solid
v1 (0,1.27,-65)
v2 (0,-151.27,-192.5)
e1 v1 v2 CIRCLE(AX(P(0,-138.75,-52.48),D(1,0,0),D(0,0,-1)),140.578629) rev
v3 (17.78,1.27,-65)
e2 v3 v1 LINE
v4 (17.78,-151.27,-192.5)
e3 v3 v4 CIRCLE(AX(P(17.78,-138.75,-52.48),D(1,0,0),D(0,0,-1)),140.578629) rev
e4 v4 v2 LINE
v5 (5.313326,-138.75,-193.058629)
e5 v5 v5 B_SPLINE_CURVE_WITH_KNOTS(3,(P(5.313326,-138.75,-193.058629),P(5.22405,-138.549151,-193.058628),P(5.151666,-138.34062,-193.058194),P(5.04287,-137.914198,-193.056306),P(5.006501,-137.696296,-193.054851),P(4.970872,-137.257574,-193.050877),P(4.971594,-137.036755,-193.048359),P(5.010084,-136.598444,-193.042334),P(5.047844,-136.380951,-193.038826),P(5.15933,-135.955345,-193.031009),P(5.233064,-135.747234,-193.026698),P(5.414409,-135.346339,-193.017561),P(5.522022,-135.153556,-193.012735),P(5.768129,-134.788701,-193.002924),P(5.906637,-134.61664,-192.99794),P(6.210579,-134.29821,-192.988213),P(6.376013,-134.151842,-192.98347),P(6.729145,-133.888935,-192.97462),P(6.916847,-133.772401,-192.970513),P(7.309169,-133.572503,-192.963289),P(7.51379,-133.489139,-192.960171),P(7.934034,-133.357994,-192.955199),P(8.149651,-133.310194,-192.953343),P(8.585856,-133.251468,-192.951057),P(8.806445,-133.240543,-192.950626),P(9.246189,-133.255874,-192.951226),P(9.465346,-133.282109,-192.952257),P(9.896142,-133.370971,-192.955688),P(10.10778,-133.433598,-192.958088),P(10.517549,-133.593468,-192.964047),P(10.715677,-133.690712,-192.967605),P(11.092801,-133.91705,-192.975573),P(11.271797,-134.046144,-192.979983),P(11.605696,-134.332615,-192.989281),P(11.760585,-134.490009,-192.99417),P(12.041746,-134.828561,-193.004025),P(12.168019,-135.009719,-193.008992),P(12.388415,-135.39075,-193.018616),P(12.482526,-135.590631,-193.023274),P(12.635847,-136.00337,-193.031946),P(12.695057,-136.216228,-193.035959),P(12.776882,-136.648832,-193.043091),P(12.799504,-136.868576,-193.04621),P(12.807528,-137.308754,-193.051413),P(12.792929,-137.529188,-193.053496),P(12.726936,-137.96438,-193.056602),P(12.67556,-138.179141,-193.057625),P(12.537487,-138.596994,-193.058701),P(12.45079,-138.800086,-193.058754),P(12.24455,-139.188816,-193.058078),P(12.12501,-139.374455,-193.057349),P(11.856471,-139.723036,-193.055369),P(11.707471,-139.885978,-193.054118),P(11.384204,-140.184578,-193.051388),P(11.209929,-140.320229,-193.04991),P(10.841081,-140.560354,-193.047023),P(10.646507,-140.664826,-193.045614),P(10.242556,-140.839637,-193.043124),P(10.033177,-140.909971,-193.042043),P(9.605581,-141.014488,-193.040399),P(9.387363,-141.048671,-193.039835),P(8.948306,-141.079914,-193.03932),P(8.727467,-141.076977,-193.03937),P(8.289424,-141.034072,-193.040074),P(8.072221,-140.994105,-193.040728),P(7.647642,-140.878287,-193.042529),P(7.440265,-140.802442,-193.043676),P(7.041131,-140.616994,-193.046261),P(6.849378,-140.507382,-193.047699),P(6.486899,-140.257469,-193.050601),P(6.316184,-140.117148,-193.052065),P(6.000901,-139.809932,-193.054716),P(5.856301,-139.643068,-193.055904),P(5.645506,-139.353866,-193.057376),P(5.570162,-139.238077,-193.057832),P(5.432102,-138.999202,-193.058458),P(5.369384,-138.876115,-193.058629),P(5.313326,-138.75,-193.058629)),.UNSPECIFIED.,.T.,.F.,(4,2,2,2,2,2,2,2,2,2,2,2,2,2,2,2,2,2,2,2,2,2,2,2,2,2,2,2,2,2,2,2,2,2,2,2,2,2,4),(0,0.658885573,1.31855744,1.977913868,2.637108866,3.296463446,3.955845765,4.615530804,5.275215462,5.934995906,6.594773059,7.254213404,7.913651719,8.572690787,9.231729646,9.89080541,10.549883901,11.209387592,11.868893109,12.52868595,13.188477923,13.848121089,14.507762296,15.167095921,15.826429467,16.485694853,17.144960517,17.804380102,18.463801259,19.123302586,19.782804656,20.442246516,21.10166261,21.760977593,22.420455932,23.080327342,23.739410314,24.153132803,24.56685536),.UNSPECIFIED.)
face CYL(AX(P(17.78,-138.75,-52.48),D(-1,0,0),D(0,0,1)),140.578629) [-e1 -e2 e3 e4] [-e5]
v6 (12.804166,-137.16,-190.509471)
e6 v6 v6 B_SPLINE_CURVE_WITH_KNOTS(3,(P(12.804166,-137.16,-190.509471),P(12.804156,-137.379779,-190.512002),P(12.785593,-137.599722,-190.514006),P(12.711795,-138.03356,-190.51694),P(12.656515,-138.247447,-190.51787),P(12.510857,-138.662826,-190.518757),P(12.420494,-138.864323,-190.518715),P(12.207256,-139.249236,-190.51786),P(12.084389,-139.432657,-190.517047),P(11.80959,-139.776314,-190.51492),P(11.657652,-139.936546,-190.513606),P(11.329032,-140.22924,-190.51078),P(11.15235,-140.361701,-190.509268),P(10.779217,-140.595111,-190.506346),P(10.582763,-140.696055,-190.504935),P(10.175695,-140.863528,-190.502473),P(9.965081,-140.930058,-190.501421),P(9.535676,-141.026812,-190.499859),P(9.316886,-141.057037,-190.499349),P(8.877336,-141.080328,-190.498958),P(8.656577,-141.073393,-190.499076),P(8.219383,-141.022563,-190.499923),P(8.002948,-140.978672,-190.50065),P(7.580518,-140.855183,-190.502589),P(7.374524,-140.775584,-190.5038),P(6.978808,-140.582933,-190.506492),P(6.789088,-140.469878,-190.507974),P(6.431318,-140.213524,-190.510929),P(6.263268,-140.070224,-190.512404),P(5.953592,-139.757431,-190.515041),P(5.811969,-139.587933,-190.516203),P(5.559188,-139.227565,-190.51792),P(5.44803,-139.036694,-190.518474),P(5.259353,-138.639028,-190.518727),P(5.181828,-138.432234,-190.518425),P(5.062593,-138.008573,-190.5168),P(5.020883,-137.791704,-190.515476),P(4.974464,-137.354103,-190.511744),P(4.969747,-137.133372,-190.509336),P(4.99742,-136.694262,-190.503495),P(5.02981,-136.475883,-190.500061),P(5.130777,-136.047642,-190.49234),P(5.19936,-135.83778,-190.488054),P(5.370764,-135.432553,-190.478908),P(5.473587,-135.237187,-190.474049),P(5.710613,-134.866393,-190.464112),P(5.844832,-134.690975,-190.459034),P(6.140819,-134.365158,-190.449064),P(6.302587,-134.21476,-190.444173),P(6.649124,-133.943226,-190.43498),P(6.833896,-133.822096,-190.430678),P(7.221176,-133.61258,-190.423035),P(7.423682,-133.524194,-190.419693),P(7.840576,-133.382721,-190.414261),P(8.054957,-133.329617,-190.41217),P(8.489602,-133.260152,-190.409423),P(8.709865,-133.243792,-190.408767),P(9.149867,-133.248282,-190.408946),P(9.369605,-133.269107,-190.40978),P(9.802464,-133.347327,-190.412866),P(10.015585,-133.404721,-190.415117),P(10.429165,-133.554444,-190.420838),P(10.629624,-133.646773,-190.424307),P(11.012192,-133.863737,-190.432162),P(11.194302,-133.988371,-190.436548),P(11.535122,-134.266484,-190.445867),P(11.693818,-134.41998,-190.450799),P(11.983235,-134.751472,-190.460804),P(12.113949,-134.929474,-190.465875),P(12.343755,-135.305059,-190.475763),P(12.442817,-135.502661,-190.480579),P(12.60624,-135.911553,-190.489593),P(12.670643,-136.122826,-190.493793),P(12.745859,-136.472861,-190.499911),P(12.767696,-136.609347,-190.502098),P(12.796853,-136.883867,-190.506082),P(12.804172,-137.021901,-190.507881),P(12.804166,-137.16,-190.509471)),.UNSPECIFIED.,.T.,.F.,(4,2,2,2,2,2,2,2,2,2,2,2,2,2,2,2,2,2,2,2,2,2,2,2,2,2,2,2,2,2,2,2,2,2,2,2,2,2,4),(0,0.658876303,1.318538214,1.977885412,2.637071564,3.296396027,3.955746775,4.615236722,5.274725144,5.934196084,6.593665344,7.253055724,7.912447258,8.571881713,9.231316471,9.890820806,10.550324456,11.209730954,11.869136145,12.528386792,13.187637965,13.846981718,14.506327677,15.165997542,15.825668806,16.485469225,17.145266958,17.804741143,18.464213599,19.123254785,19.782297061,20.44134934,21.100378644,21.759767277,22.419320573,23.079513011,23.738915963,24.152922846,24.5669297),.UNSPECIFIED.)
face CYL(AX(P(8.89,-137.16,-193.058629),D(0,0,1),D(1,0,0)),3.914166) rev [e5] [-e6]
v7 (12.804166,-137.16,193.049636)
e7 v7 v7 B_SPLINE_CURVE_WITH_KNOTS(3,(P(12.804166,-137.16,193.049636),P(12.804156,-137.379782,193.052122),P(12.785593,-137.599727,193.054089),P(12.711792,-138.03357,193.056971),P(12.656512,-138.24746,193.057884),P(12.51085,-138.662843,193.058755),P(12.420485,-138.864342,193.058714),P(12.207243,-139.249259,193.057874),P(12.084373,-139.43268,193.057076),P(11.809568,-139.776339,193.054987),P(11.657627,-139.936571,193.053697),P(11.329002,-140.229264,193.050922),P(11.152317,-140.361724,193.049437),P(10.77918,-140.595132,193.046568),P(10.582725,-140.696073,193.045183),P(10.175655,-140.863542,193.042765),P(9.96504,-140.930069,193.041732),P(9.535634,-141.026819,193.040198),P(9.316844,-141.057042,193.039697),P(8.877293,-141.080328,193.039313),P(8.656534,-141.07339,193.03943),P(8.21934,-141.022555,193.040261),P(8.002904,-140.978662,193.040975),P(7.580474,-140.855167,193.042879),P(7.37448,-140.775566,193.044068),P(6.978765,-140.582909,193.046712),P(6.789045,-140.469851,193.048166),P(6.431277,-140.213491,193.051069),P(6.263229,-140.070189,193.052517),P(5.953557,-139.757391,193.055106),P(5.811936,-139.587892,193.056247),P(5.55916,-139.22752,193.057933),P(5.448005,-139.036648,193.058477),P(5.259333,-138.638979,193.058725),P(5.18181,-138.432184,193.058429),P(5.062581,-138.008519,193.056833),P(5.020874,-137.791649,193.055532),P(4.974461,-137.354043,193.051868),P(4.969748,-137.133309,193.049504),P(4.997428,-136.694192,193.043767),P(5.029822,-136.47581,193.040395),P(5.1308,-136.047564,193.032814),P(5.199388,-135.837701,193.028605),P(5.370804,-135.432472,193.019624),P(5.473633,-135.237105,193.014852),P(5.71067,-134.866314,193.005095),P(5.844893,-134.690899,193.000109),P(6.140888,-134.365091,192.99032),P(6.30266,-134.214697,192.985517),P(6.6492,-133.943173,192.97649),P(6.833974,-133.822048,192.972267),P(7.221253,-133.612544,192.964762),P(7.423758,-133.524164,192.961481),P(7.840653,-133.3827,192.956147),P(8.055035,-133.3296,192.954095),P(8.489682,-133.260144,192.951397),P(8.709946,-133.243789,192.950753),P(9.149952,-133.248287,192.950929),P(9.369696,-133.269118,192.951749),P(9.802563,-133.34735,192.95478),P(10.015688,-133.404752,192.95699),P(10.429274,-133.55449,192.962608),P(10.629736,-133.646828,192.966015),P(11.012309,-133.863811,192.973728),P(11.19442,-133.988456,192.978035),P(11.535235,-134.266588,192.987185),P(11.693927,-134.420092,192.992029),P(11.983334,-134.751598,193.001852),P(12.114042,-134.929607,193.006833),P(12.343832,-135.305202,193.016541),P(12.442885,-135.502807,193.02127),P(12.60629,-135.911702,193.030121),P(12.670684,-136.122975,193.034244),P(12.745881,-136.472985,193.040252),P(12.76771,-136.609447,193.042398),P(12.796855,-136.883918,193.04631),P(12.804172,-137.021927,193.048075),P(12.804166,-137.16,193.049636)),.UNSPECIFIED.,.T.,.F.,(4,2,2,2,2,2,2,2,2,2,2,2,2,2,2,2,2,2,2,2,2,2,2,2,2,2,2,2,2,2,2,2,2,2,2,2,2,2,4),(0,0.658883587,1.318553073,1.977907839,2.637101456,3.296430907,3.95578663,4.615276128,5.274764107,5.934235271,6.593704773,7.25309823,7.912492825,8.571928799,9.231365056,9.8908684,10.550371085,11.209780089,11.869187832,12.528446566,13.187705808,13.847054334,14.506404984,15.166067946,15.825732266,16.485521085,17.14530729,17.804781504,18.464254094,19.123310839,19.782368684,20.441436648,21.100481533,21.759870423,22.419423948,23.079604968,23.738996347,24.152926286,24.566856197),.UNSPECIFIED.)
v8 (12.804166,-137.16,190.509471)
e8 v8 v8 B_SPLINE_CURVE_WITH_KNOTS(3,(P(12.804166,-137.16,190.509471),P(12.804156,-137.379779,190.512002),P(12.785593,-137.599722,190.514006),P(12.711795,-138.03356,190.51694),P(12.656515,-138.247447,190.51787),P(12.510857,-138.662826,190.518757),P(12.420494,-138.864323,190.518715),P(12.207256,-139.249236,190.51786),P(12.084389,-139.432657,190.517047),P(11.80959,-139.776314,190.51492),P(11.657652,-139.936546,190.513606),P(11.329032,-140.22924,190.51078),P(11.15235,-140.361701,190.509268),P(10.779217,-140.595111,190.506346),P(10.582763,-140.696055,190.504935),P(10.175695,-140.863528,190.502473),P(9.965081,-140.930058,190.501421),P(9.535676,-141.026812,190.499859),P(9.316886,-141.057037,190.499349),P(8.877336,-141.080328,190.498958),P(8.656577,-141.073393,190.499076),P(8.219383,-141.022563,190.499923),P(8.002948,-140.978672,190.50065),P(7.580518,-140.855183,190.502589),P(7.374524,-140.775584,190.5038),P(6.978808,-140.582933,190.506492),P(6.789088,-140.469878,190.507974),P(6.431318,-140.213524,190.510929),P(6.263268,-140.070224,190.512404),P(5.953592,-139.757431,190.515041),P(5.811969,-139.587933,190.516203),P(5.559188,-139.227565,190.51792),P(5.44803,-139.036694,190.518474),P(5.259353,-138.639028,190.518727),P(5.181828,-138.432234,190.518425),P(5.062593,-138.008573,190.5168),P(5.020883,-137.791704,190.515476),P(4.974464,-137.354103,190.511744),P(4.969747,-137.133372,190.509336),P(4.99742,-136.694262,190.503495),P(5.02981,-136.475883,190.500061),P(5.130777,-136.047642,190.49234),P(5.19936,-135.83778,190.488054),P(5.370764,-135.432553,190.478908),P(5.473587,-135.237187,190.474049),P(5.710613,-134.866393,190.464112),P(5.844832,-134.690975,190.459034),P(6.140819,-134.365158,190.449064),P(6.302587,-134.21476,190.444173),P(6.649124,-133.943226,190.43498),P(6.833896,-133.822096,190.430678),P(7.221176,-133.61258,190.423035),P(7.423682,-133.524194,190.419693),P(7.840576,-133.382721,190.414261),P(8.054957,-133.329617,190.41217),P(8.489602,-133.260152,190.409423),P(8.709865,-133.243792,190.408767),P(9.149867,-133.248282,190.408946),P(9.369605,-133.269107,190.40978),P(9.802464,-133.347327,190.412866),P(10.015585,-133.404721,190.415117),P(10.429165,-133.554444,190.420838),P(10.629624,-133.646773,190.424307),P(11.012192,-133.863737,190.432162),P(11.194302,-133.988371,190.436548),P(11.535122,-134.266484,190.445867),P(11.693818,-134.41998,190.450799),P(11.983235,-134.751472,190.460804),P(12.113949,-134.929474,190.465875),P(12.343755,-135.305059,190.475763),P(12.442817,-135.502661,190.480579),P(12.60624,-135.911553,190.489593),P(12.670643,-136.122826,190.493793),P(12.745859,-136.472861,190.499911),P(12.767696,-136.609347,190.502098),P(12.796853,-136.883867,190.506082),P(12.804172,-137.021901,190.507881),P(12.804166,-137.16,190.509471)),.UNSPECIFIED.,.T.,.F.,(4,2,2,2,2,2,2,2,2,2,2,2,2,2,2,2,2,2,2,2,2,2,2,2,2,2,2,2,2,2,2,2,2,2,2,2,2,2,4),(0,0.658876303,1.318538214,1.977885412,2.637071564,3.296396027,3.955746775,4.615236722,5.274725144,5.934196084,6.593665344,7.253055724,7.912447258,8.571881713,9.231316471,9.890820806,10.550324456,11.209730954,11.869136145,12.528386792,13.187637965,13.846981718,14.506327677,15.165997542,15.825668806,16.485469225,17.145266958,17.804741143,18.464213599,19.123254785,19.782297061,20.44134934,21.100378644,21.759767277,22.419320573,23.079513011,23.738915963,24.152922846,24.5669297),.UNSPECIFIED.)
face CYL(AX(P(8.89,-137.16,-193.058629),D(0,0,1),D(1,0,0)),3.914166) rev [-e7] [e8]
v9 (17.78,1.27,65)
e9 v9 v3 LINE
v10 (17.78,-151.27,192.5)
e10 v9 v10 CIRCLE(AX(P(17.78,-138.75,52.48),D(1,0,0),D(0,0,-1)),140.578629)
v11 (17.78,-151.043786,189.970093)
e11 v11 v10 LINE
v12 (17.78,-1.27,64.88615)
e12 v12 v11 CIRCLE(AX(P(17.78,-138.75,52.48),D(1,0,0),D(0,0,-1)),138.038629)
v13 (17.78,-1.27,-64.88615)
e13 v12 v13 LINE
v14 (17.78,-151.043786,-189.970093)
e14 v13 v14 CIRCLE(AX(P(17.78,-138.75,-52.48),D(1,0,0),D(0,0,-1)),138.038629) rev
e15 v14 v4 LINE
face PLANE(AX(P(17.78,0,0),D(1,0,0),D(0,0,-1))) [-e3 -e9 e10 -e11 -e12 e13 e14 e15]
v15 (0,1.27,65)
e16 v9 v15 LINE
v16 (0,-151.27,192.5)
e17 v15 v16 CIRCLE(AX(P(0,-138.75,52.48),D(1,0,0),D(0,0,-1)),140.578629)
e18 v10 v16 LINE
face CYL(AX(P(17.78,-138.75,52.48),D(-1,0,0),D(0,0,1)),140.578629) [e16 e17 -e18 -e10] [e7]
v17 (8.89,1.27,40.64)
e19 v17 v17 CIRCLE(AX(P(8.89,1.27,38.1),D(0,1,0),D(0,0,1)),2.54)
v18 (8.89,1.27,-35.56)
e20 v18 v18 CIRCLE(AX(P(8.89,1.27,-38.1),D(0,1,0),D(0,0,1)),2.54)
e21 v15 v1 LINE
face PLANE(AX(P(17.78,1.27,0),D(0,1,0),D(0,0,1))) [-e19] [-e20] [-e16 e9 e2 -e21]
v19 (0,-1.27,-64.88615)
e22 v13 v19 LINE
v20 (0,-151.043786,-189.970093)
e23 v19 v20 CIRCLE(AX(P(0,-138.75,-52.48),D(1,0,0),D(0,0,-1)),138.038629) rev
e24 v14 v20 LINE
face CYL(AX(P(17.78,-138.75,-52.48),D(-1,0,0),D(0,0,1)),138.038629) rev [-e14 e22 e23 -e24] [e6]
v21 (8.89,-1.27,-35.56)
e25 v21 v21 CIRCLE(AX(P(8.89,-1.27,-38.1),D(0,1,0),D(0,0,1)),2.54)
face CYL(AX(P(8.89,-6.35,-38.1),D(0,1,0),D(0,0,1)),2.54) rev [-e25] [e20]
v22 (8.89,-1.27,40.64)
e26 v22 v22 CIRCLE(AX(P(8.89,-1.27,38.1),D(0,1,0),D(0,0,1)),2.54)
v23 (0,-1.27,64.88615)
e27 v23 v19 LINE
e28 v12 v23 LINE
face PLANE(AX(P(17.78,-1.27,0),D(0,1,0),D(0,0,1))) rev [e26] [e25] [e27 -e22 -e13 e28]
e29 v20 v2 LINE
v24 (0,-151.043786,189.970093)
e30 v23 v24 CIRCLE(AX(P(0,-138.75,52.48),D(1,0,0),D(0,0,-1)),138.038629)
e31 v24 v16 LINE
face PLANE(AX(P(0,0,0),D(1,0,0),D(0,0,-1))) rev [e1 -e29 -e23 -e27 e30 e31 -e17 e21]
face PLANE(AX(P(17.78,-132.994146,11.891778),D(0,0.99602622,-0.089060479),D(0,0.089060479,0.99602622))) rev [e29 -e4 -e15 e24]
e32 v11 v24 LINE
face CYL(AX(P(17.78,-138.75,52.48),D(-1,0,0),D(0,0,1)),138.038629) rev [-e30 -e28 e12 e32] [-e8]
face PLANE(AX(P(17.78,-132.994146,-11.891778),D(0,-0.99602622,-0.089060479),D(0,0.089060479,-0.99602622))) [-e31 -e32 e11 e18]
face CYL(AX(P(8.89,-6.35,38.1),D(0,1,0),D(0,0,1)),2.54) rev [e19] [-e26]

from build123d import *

# Parameters (mm, degrees)
BOSS_EXTRUDE1_DEPTH     = 17.78
SKETCH2_R               = 3.914165929
CUT_EXTRUDE1_DEPTH      = 194.058628532
CUT_EXTRUDE1_DEPTH_BACK = 194.058628532
SKETCH3_R               = 2.54
CUT_EXTRUDE2_DEPTH      = 7.62


with BuildPart() as part:
    # Sketch1 → Boss-Extrude1 (new body)
    with BuildSketch(Plane(origin=(0, 0, 0), x_dir=(0, 0, -1), z_dir=(1, 0, 0))):
        with BuildLine():
            Line((65, 1.27), (-65, 1.27))
            ThreePointArc((-65, 1.27), (-160.342068402, -48.593885399), (-192.5, -151.27))
            Line((-192.5, -151.27), (-189.970093401, -151.043786383))
            ThreePointArc((-189.970093401, -151.043786383), (-158.429364067, -50.266130166), (-64.886150372, -1.27))
            Line((-64.886150372, -1.27), (64.886150372, -1.27))
            ThreePointArc((64.886150372, -1.27), (158.429364067, -50.266130166), (189.970093401, -151.043786383))
            Line((189.970093401, -151.043786383), (192.5, -151.27))
            ThreePointArc((192.5, -151.27), (160.342068402, -48.593885399), (65, 1.27))
        make_face()
    extrude(amount=BOSS_EXTRUDE1_DEPTH)

    # Sketch2 → Cut-Extrude1 (cut, two sides)
    with BuildSketch(Plane.XY) as cut_extrude1_sk:
        with Locations((8.89, -137.16)):
            Circle(SKETCH2_R)
    extrude(amount=CUT_EXTRUDE1_DEPTH, mode=Mode.SUBTRACT)
    extrude(cut_extrude1_sk.sketch, amount=-CUT_EXTRUDE1_DEPTH_BACK, mode=Mode.SUBTRACT)

    # Sketch3 → Cut-Extrude2 (cut)
    with BuildSketch(Plane(origin=(0, 1.27, 0), x_dir=(1, 0, 0), z_dir=(0, 1, 0))):
        with Locations((8.89, 38.1)):
            Circle(SKETCH3_R)
        with Locations((8.89, -38.1)):
            Circle(SKETCH3_R)
    extrude(amount=-CUT_EXTRUDE2_DEPTH, mode=Mode.SUBTRACT)


solid = part.part
